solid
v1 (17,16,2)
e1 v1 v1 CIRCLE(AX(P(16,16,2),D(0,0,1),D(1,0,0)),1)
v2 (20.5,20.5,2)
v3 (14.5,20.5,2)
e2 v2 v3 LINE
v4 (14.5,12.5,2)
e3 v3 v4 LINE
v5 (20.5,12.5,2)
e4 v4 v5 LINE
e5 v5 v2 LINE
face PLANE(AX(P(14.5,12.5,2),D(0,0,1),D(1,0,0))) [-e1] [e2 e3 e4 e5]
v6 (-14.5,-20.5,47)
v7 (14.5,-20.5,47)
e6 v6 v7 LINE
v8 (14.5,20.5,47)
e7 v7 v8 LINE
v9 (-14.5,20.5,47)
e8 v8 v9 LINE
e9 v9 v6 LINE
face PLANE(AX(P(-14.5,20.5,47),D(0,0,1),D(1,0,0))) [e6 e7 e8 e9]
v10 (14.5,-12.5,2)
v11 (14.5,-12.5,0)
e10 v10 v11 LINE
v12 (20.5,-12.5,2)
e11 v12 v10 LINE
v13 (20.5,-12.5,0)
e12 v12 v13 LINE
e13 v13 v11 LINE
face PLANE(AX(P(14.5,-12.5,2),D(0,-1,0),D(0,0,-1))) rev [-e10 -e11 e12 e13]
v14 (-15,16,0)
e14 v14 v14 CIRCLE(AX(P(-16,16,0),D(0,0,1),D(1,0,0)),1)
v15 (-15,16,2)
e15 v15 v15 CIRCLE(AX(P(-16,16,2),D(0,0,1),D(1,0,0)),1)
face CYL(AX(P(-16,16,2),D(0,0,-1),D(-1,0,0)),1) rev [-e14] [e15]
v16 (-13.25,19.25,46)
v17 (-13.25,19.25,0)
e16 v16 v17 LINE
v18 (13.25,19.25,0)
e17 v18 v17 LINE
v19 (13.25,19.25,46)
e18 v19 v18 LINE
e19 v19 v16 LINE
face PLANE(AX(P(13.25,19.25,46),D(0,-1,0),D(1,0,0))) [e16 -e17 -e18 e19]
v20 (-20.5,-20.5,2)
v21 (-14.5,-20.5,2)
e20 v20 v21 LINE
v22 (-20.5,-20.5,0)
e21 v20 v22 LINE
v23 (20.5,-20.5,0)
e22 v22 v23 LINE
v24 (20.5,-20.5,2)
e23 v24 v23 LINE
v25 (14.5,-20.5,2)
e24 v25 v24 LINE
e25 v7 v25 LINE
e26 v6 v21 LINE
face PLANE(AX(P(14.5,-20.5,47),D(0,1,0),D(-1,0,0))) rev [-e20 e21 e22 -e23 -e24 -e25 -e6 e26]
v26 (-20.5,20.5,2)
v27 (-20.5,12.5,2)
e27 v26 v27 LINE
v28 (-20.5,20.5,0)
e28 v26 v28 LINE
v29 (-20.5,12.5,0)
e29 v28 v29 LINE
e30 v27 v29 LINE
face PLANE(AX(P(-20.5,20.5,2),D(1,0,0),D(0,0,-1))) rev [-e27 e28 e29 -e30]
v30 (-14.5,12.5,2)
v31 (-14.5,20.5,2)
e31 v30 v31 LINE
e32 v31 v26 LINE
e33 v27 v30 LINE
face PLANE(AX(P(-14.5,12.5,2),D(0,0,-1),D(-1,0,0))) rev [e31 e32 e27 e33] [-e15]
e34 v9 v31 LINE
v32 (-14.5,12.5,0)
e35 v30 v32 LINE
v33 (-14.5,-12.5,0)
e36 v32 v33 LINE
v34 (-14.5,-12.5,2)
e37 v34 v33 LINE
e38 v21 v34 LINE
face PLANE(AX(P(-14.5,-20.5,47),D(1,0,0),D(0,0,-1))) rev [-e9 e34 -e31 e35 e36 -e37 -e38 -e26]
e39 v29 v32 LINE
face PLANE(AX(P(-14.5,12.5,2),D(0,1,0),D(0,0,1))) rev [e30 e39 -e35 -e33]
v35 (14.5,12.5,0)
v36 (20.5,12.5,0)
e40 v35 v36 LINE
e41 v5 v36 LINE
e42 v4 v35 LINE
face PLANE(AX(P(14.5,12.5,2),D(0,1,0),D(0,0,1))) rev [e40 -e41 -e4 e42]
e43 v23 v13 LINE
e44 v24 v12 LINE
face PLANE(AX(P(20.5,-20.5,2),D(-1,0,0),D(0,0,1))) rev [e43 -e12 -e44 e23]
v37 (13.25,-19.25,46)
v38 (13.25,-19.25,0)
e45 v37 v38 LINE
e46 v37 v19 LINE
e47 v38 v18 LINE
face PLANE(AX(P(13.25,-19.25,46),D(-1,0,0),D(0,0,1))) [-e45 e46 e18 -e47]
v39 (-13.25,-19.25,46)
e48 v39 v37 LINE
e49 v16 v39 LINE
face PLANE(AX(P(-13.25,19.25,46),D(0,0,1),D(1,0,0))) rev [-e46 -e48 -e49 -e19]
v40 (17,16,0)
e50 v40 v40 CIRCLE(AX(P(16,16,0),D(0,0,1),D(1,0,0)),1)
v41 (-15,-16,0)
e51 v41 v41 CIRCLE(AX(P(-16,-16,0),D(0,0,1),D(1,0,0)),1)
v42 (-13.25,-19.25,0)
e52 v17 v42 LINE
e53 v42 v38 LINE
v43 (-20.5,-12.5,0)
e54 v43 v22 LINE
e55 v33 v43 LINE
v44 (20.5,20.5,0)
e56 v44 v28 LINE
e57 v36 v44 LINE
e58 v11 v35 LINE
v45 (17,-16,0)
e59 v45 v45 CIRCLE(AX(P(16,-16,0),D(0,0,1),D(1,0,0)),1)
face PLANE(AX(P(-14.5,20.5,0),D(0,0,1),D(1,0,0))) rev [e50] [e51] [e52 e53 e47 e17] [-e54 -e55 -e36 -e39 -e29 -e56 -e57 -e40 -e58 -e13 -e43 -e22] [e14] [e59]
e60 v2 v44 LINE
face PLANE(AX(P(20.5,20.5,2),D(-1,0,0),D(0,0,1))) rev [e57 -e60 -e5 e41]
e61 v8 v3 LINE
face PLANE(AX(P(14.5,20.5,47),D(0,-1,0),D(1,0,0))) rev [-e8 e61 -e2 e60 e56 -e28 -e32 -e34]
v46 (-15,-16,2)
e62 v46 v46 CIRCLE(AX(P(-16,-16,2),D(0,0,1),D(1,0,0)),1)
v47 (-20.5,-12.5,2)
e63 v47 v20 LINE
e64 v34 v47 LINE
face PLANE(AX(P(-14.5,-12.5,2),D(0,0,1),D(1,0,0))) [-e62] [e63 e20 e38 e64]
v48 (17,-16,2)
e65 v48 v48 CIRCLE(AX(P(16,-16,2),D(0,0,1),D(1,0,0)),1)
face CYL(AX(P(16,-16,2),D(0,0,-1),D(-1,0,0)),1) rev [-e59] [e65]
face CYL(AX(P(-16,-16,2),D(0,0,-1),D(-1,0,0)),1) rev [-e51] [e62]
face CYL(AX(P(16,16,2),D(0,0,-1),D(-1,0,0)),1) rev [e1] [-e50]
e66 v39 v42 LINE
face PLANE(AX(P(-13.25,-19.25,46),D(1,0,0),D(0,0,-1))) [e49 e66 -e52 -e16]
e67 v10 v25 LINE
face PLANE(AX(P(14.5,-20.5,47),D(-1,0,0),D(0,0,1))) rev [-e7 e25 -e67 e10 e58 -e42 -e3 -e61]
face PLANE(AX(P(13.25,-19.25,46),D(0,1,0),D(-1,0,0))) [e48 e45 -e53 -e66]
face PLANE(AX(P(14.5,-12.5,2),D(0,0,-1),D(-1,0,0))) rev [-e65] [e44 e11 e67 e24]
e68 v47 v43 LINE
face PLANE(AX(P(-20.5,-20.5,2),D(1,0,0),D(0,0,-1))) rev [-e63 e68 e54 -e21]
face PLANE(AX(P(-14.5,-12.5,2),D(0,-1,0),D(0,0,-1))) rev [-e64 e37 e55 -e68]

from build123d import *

# Parameters (mm, degrees)
SKETCH_1_W          = 29
SKETCH_1_H          = 41
EXTRUDE_1_DEPTH     = 47
SKETCH_2_W          = 26.5
SKETCH_2_H          = 38.5
CUT_EXTRUDE_1_DEPTH = 46
SKETCH_4_W          = 6
SKETCH_4_H          = 8
EXTRUDE_2_DEPTH     = 2
SKETCH_5_R          = 1
CUT_EXTRUDE_4_DEPTH = 2


with BuildPart() as part:
    # ｽｹｯﾁ1 → ﾎﾞｽ - 押し出し1 (new body)
    with BuildSketch(Plane.XY):
        Rectangle(SKETCH_1_W, SKETCH_1_H)
    extrude(amount=EXTRUDE_1_DEPTH)

    # ｽｹｯﾁ2 → ｶｯﾄ - 押し出し1 (cut)
    with BuildSketch(Plane.XY):
        Rectangle(SKETCH_2_W, SKETCH_2_H)
    extrude(amount=CUT_EXTRUDE_1_DEPTH, mode=Mode.SUBTRACT)

    # ｽｹｯﾁ4 → ﾎﾞｽ - 押し出し2 (add)
    with BuildSketch(Plane.XY):
        with Locations((17.5, 16.5)):
            Rectangle(SKETCH_4_W, SKETCH_4_H)
        with Locations((17.5, -16.5)):
            Rectangle(SKETCH_4_W, SKETCH_4_H)
        with Locations((-17.5, -16.5)):
            Rectangle(SKETCH_4_W, SKETCH_4_H)
        with Locations((-17.5, 16.5)):
            Rectangle(SKETCH_4_W, SKETCH_4_H)
    extrude(amount=EXTRUDE_2_DEPTH)

    # ｽｹｯﾁ5 → ｶｯﾄ - 押し出し4 (cut)
    with BuildSketch(Plane.XY):
        with Locations((-16, 16)):
            Circle(SKETCH_5_R)
        with Locations((-16, -16)):
            Circle(SKETCH_5_R)
        with Locations((16, -16)):
            Circle(SKETCH_5_R)
        with Locations((16, 16)):
            Circle(SKETCH_5_R)
    extrude(amount=CUT_EXTRUDE_4_DEPTH, mode=Mode.SUBTRACT)


solid = part.part
